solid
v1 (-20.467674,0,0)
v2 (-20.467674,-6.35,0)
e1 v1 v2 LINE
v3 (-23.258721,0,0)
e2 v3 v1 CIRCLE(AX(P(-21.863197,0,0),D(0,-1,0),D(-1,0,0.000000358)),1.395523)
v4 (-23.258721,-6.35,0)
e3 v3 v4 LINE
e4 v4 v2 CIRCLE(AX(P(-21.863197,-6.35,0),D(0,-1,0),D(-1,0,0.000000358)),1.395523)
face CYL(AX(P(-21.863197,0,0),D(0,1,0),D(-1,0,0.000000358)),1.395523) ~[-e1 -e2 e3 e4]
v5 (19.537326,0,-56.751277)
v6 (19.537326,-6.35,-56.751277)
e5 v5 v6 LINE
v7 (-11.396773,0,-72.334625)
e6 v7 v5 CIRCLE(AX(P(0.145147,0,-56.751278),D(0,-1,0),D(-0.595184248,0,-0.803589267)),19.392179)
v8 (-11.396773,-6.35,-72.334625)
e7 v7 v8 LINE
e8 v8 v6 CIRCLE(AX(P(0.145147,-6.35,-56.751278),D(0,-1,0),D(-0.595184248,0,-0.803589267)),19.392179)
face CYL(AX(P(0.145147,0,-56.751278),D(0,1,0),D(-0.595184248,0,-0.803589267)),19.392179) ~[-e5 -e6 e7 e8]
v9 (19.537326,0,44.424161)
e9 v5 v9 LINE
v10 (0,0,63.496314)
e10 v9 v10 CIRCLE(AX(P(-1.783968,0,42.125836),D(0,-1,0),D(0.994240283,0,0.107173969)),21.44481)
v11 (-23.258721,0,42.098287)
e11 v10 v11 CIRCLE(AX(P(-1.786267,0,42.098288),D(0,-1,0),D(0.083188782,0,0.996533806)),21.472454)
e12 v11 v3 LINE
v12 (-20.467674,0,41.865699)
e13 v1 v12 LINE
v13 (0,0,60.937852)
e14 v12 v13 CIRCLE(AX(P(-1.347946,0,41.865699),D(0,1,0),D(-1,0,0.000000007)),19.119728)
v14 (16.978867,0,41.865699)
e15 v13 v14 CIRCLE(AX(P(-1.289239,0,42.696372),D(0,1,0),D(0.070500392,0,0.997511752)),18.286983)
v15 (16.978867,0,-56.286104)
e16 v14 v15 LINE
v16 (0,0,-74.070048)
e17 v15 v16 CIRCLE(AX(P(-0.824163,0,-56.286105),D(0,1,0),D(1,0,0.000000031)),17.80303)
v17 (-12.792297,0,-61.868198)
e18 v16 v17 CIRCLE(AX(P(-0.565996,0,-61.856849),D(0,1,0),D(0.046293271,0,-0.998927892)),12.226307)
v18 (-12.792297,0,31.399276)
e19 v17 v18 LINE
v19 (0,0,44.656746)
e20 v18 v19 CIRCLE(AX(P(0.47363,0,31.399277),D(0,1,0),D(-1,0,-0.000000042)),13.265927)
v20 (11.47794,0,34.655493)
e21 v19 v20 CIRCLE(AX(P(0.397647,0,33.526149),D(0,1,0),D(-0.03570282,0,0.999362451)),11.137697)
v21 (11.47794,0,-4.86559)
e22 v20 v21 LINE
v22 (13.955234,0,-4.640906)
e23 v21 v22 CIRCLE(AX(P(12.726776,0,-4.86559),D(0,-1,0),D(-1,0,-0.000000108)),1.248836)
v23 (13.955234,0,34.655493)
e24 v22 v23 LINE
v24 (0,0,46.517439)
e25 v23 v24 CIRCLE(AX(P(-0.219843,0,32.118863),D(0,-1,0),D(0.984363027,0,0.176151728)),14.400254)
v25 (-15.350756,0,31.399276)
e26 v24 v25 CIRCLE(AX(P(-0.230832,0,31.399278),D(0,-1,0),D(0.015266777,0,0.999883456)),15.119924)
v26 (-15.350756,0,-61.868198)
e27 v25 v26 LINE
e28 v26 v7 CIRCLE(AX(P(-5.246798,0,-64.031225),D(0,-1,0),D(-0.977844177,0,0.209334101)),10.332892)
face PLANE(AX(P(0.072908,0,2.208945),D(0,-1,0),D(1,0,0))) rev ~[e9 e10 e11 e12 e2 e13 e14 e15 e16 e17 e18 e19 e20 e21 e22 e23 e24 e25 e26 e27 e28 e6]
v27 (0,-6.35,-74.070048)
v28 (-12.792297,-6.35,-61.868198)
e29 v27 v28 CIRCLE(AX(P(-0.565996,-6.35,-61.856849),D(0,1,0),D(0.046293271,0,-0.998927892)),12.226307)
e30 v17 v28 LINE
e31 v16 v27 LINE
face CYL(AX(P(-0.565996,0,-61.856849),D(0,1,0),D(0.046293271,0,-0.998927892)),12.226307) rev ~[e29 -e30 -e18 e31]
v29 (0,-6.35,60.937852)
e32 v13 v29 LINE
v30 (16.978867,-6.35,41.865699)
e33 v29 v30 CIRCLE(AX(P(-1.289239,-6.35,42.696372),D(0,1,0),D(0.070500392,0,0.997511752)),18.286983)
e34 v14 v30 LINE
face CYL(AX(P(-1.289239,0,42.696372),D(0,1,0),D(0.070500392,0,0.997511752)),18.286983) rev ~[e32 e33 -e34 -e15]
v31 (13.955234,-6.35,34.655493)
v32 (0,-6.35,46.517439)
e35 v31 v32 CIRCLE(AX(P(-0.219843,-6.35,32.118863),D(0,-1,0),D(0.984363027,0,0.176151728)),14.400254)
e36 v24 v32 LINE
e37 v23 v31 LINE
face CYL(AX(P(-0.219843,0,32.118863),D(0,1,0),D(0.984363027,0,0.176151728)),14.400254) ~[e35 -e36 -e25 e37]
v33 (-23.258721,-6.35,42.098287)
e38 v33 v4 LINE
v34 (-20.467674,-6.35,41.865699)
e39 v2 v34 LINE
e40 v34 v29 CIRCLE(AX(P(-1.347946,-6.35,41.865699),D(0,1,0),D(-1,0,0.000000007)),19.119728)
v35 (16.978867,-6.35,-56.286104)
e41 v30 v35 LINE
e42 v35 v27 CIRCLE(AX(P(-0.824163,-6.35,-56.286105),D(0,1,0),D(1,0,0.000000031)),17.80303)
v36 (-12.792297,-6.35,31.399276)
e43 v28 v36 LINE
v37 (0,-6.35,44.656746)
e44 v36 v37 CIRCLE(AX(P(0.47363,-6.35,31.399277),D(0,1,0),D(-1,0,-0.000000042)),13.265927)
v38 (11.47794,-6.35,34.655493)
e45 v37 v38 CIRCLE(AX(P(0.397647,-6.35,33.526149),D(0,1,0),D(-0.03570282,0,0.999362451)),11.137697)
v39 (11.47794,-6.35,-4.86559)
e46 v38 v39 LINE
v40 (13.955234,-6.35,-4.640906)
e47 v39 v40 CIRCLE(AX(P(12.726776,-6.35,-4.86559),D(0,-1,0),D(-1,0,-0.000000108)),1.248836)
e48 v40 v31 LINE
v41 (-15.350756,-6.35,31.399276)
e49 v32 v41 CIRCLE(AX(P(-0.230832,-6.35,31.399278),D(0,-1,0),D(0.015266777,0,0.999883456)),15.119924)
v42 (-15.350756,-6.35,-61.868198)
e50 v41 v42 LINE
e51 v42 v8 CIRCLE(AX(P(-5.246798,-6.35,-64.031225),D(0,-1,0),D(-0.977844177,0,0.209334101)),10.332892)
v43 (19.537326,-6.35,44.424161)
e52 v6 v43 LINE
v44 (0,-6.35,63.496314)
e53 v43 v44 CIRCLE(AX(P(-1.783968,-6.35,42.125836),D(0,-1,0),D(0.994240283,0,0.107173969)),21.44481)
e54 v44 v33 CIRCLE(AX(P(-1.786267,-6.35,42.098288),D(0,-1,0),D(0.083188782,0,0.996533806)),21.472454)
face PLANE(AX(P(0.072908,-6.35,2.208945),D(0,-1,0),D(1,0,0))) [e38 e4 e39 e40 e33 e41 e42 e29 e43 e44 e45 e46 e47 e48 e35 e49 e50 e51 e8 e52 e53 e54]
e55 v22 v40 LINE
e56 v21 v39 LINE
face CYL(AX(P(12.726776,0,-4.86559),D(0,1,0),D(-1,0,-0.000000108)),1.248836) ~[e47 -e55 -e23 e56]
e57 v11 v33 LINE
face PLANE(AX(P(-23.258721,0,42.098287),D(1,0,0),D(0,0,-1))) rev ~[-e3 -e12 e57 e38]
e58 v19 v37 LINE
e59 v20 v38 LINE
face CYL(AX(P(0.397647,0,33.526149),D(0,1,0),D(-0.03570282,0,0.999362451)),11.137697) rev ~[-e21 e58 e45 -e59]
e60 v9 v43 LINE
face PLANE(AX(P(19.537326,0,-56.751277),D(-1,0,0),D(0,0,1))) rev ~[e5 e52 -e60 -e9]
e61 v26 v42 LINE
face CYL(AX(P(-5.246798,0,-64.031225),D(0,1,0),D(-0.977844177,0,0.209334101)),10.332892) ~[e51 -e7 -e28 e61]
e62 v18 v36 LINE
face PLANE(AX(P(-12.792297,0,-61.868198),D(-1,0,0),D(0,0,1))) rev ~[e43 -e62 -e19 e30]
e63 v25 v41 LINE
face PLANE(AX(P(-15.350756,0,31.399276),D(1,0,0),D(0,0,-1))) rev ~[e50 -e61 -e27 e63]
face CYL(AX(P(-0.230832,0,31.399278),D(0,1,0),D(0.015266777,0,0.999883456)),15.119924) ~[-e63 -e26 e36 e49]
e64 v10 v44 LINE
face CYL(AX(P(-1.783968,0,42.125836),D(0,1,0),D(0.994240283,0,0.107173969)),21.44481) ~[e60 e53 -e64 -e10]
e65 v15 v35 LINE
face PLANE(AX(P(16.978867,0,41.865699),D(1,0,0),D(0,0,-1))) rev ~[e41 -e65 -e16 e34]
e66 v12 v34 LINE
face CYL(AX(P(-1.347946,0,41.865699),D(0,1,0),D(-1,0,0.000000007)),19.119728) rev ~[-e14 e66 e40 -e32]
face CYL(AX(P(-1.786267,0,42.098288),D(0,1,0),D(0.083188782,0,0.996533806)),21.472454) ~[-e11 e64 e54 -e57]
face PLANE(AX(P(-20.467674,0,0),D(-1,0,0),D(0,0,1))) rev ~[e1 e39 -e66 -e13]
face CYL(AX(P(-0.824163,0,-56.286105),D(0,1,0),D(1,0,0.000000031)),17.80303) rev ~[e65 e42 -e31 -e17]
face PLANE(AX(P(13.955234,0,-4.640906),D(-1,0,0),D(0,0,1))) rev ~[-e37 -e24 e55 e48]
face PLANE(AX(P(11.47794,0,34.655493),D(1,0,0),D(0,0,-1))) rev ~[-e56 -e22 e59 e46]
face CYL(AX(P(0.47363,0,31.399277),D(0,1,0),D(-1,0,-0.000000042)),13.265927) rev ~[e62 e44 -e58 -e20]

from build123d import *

# Parameters (mm, degrees)
F1_DEPTH = 6.35


with BuildPart() as f1:
    # F0 (on Front) → F1 (new body)
    with BuildSketch(Plane.XZ):
        with BuildLine():
            Line((-23.258721, 42.098287), (-23.258721, 0))
            Line((-23.258721, 0), (-20.467674, 0))
            Line((-20.467674, 0), (-20.467674, 41.865699))
            ThreePointArc((-20.467674, 41.865699), (-14.382355, 55.853843), (0, 60.937852))
            ThreePointArc((0, 60.937852), (12.369428, 54.855917), (16.978867, 41.865699))
            Line((16.978867, 41.865699), (16.978867, -56.286104))
            ThreePointArc((16.978867, -56.286104), (12.05257, -68.579909), (0, -74.070048))
            ThreePointArc((0, -74.070048), (-9.004714, -70.703917), (-12.792297, -61.868198))
            Line((-12.792297, -61.868198), (-12.792297, 31.399276))
            ThreePointArc((-12.792297, 31.399276), (-9.072782, 40.610728), (0, 44.656746))
            ThreePointArc((0, 44.656746), (7.714477, 41.92331), (11.47794, 34.655493))
            Line((11.47794, 34.655493), (11.47794, -4.86559))
            ThreePointArc((11.47794, -4.86559), (12.839579, -6.109321), (13.955234, -4.640906))
            Line((13.955234, -4.640906), (13.955234, 34.655493))
            ThreePointArc((13.955234, 34.655493), (9.106457, 43.090984), (0, 46.517439))
            ThreePointArc((0, 46.517439), (-10.840308, 42.17198), (-15.350756, 31.399276))
            Line((-15.350756, 31.399276), (-15.350756, -61.868198))
            ThreePointArc((-15.350756, -61.868198), (-14.91293, -67.682874), (-11.396773, -72.334625))
            ThreePointArc((-11.396773, -72.334625), (8.869642, -74.070048), (19.537326, -56.751277))
            Line((19.537326, -56.751277), (19.537326, 44.424161))
            ThreePointArc((19.537326, 44.424161), (13.19602, 57.471188), (0, 63.496314))
            ThreePointArc((0, 63.496314), (-16.324334, 57.900531), (-23.258721, 42.098287))
        make_face()
        with BuildLine():
            Line((-20.467674, 0), (-23.258721, 0))
            ThreePointArc((-23.258721, 0), (-21.863198, -1.395524), (-20.467674, 0))
        make_face()
    extrude(amount=F1_DEPTH)


solid = f1.part
